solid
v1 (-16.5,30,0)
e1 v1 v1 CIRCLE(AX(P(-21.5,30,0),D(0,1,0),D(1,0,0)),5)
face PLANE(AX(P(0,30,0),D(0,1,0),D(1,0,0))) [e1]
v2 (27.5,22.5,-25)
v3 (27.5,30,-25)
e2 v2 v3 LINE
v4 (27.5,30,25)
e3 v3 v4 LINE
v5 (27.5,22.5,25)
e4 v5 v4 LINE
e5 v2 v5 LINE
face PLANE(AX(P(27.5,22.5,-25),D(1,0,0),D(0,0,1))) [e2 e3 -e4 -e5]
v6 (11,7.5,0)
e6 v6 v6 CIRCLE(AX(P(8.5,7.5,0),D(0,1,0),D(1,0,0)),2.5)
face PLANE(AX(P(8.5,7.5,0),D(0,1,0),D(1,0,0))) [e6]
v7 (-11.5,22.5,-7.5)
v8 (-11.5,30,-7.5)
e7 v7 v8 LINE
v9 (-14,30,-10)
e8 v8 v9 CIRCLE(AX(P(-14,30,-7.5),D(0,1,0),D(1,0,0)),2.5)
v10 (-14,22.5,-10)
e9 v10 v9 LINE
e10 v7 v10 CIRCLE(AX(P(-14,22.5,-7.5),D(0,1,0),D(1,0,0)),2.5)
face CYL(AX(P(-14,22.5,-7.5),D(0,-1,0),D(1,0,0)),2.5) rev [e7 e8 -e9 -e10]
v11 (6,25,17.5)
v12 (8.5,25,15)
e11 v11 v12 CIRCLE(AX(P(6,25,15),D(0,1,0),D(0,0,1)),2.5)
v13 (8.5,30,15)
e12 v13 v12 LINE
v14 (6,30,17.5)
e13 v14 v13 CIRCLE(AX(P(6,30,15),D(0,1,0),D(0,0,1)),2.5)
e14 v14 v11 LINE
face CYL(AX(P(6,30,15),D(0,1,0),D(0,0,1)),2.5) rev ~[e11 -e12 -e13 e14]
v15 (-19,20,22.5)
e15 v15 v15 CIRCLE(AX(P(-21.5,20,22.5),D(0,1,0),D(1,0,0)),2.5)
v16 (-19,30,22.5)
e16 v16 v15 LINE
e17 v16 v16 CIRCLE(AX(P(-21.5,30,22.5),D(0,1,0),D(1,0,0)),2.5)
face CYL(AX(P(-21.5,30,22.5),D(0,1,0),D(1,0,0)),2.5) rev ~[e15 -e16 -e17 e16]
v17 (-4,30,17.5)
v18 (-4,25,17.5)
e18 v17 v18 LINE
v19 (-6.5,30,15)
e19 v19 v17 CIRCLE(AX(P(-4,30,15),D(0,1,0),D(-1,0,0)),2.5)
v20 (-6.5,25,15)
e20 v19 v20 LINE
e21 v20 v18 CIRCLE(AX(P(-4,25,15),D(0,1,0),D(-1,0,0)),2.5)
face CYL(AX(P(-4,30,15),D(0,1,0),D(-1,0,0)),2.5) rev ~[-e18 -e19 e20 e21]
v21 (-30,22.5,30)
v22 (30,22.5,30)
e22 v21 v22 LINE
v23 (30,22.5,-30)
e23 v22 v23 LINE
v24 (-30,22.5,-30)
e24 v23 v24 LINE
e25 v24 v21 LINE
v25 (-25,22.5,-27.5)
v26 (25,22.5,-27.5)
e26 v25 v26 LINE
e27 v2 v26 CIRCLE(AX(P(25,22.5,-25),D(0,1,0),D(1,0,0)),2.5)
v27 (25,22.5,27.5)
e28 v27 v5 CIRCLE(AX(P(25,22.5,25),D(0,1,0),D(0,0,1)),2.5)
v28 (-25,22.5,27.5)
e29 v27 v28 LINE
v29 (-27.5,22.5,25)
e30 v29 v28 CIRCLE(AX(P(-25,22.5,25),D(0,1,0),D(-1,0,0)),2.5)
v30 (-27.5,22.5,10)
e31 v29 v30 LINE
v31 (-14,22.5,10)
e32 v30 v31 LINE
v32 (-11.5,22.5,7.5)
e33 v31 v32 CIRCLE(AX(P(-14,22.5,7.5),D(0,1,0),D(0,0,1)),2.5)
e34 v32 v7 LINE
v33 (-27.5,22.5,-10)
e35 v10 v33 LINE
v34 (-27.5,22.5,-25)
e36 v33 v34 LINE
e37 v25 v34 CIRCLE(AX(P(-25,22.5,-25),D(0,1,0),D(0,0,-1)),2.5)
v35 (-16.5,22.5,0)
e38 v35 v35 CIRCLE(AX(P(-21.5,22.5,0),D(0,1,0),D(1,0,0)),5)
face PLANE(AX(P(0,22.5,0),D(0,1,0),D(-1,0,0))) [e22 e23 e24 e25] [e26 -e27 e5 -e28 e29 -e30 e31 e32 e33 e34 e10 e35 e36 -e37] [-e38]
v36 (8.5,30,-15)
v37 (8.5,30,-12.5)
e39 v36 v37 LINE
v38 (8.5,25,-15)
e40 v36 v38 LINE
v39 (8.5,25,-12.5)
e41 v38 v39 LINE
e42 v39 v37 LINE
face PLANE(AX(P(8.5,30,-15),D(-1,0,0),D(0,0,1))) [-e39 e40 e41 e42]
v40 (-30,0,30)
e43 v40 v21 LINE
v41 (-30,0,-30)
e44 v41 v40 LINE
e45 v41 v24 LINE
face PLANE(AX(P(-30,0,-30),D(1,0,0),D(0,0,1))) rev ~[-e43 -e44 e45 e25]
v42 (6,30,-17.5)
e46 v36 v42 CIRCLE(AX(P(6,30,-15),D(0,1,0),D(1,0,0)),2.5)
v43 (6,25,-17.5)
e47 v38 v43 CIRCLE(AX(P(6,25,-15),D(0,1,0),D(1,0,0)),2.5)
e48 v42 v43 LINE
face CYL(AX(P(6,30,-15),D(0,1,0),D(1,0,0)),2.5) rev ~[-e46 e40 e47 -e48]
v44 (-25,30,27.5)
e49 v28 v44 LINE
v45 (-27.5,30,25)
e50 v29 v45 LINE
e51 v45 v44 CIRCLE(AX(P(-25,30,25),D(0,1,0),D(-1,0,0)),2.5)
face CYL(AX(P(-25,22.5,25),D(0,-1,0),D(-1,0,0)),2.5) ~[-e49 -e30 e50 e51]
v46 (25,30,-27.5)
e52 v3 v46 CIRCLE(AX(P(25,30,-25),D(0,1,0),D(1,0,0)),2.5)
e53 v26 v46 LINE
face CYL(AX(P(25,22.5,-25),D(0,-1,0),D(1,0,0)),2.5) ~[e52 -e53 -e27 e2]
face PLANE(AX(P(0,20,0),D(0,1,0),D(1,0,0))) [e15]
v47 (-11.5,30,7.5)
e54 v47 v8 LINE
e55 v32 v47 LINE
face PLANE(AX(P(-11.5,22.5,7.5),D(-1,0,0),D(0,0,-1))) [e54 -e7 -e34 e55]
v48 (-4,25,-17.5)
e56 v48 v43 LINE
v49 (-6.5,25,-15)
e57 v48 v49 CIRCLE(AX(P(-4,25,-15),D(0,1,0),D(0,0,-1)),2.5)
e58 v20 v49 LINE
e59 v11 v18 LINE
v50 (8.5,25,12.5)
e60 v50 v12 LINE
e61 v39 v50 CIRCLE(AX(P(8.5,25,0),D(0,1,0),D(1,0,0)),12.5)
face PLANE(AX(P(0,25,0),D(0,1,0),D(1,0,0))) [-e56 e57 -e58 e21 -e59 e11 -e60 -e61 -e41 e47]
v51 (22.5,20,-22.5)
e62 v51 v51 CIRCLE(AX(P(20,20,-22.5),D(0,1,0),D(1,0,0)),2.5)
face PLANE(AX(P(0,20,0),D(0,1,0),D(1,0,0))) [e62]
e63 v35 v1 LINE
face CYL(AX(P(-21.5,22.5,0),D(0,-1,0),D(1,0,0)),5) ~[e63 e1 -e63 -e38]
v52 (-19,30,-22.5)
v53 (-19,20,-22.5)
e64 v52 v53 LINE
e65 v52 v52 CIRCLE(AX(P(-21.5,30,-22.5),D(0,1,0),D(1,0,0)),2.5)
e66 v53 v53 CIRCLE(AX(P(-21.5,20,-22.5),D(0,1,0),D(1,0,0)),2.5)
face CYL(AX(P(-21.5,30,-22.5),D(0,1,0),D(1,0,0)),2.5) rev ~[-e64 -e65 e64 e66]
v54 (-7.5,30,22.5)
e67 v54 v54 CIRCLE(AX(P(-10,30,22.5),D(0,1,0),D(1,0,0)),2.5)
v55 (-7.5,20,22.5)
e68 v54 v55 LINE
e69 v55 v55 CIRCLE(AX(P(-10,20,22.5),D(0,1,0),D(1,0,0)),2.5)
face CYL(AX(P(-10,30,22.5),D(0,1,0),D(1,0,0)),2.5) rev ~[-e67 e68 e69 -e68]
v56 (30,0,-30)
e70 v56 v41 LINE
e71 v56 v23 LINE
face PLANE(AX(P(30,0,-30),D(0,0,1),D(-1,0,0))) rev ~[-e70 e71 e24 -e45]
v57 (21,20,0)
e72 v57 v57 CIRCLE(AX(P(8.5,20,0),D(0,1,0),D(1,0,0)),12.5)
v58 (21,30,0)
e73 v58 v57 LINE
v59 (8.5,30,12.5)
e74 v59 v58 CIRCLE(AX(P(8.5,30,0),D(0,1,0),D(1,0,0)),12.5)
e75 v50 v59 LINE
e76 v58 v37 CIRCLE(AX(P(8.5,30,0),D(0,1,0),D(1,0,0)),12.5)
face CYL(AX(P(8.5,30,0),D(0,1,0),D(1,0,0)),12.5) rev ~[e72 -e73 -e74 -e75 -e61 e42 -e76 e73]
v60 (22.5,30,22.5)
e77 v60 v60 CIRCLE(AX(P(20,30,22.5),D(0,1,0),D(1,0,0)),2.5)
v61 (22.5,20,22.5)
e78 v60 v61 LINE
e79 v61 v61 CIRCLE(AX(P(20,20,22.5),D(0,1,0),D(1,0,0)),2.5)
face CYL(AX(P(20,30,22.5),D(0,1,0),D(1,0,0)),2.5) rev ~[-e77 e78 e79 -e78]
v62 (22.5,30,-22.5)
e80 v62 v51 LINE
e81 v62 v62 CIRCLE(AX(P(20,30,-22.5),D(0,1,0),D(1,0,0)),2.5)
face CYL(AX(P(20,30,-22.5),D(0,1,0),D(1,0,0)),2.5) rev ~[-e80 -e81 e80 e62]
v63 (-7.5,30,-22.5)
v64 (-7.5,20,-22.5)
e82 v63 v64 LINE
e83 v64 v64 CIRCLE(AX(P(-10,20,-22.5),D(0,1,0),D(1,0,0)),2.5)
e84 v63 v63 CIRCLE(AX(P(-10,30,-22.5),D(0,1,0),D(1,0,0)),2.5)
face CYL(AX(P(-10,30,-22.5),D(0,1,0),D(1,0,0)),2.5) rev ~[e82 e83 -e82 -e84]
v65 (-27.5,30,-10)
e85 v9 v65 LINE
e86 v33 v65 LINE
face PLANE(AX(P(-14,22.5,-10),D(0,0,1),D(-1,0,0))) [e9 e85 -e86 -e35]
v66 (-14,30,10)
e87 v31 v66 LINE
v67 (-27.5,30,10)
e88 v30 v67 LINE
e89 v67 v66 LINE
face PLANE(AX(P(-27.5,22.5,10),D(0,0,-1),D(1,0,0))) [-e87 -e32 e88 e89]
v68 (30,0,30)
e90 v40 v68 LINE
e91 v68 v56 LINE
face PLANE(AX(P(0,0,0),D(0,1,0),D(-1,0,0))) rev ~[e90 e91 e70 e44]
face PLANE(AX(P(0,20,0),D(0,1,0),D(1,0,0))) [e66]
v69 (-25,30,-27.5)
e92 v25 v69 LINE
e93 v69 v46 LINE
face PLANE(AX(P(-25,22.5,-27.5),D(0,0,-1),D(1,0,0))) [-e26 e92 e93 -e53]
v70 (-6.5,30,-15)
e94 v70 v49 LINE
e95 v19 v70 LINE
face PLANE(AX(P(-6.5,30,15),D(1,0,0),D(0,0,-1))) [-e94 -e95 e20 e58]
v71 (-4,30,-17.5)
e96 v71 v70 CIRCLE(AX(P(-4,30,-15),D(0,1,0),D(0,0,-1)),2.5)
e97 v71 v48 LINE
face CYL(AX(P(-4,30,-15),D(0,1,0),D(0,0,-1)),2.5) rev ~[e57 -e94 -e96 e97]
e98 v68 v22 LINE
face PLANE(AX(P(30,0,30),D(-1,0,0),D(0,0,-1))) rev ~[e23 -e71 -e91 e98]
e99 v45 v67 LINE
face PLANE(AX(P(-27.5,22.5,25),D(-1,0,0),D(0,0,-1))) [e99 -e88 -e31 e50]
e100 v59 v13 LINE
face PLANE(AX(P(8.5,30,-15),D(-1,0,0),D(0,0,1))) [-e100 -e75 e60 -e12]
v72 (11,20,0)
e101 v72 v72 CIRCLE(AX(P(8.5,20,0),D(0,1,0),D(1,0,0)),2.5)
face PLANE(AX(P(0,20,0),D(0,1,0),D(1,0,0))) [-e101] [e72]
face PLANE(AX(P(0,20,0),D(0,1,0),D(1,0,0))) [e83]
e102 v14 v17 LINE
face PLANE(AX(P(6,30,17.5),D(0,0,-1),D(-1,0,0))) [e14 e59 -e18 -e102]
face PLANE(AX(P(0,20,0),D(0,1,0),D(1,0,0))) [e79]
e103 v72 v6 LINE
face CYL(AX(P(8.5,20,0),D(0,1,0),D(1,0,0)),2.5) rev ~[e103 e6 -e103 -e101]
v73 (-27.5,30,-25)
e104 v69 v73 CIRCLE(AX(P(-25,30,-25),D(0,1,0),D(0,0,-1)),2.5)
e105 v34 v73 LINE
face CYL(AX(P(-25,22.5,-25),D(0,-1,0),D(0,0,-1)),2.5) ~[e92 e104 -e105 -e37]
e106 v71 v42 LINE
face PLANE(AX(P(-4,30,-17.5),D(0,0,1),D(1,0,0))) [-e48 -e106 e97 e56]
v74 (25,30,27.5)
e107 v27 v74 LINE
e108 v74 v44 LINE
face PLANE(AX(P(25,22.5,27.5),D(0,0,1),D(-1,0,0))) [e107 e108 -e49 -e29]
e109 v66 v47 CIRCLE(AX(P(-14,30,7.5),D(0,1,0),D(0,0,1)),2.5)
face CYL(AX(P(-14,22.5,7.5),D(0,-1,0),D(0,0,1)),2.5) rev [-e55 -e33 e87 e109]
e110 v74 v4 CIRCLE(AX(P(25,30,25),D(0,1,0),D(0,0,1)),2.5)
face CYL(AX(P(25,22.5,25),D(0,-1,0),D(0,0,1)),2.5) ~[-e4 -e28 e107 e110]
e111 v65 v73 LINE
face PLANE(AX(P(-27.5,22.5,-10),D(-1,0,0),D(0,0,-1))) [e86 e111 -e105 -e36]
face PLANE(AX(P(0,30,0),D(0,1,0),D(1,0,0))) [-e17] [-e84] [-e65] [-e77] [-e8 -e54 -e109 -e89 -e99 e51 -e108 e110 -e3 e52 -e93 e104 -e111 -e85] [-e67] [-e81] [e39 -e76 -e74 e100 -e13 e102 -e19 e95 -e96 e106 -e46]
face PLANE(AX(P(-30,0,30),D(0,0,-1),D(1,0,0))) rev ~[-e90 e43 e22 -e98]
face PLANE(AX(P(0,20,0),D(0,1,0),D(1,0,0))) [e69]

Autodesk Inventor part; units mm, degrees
ref_plane "YZ Plane" through (0, 0, 0) normal (1, 0, 0) x (0, 1, 0)
ref_plane "XZ Plane" through (0, 0, 0) normal (0, 1, 0) x (-1, 0, 0)
ref_plane "XY Plane" through (0, 0, 0) normal (0, 0, 1) x (1, 0, 0)
sketch "Sketch1" plane through (0, 0, 0) normal (0, 1, 0) x (-1, 0, 0)
  line L0 (30, 30) -> (-30, 30)
  line L1 (-30, 30) -> (-30, -30)
  line L2 (-30, -30) -> (30, -30)
  line L3 (30, -30) -> (30, 30)
  line L4 (30, 30) -> (-30, -30) construction
  line L5 (-30, 30) -> (30, -30) construction
  point P0 (0, 0)
  dimension "d0" = 60
  dimension "d1" = 60
extrude "Extrusion1" add sketch "Sketch1" along normal blind 22.5
sketch "Sketch2" plane through (0, 22.5, 0) normal (0, 1, 0) x (1, 0, 0)
  line L0 (-25, 27.5) -> (25, 27.5)
  line L1 (27.5, 25) -> (27.5, -25)
  line L2 (25, -27.5) -> (-25, -27.5)
  line L3 (-27.5, 27.5) -> (27.5, -27.5) construction
  line L4 (27.5, 27.5) -> (-27.5, -27.5) construction
  arc A0 (-27.5, -25) -> (-25, -27.5) centre (-25, -25) ccw
  arc A1 (-25, 27.5) -> (-27.5, 25) centre (-25, 25) ccw
  arc A2 (27.5, 25) -> (25, 27.5) centre (25, 25) ccw
  arc A3 (25, -27.5) -> (27.5, -25) centre (25, -25) ccw
  line L5 (-27.5, -10) -> (-14, -10)
  line L6 (-11.5, -7.5) -> (-11.5, 7.5)
  line L7 (-14, 10) -> (-27.5, 10)
  line L8 (-27.5, -10) -> (-11.5, 10) construction
  line L9 (-11.5, -10) -> (-27.5, 10) construction
  line L10 (30, -30) -> (30, 30) projected
  arc A4 (-14, -10) -> (-11.5, -7.5) centre (-14, -7.5) ccw
  arc A5 (-11.5, 7.5) -> (-14, 10) centre (-14, 7.5) ccw
  line L11 (-27.5, -25) -> (-27.5, -10)
  line L12 (-27.5, 10) -> (-27.5, 25)
  point P0 (0, 0)
  point P1 (-19.5, 0)
  dimension "d4" = 55
  dimension "d5" = 55
  dimension "d6" = 2.5
  dimension "d19" = 16
  dimension "d20" = 20
  dimension "d21" = 41.5
  dimension "d22" = 2.5
extrude "Extrusion2" add sketch "Sketch2" along normal blind 7.5
sketch "Sketch3" plane through (0, 30, 0) normal (0, 1, 0) x (1, 0, 0)
  circle A0 centre (8.5, 0) radius 12.5
  line L0 (30, -30) -> (30, 30) projected
  point P0 (0, 0)
  dimension "d9" = 25
  dimension "d10" = 21.5
extrude "Extrusion3" cut sketch "Sketch3" against normal blind 10
sketch "Sketch4" plane through (0, 30, 0) normal (0, 1, 0) x (1, 0, 0)
  line L0 (-4, 17.5) -> (6, 17.5)
  line L1 (8.5, 15) -> (8.5, -15)
  line L2 (6, -17.5) -> (-4, -17.5)
  line L3 (-6.5, -15) -> (-6.5, 15)
  line L4 (-6.5, 17.5) -> (8.5, -17.5) construction
  line L5 (8.5, 17.5) -> (-6.5, -17.5) construction
  line L6 (30, -30) -> (30, 30) projected
  arc A0 (-6.5, -15) -> (-4, -17.5) centre (-4, -15) ccw
  arc A1 (-4, 17.5) -> (-6.5, 15) centre (-4, 15) ccw
  arc A2 (8.5, 15) -> (6, 17.5) centre (6, 15) ccw
  arc A3 (6, -17.5) -> (8.5, -15) centre (6, -15) ccw
  point P0 (0, 0)
  point P1 (1, 0)
  dimension "d13" = 15
  dimension "d14" = 35
  dimension "d15" = 36.5
  dimension "d16" = 2.5
extrude "Extrusion4" cut sketch "Sketch4" against normal blind 5
sketch "Sketch5" plane through (0, 22.5, 0) normal (0, 1, 0) x (1, 0, 0)
  circle A0 centre (-21.5, 0) radius 5
  line L0 (30, -30) -> (30, 30) projected
  point P0 (0, 0)
  dimension "d23" = 10
  dimension "d24" = 51.5
extrude "Extrusion5" add sketch "Sketch5" along normal blind 7.5
sketch "Sketch6" plane through (8.5, 20, 0) normal (0, 1, 0) x (1, 0, 0)
  circle A0 centre (0, 0) radius 2.5
  point P0 (-8.5, 0)
  dimension "d27" = 5
extrude "Extrusion6" cut sketch "Sketch6" against normal blind 12.5
sketch "Sketch7" plane through (0, 30, 0) normal (0, 1, 0) x (1, 0, 0)
  circle A0 centre (20, -22.5) radius 2.5
  line L0 (30, -30) -> (30, 30) projected
  line L1 (-30, -30) -> (30, -30) projected
  circle A1 centre (20, 22.5) radius 2.5
  circle A2 centre (-10, -22.5) radius 2.5
  circle A3 centre (-10, 22.5) radius 2.5
  circle A4 centre (-21.5, -22.5) radius 2.5
  circle A5 centre (-21.5, 22.5) radius 2.5
  point P0 (0, 0)
  dimension "d30" = 5
  dimension "d31" = 10
  dimension "d32" = 7.5
  dimension "d35" = 45
  dimension "d40" = 5
  dimension "d41" = 40
  dimension "d44" = 45
  dimension "d47" = 11.5
extrude "Extrusion7" cut sketch "Sketch7" against normal blind 10
properties part number "A2P1"
